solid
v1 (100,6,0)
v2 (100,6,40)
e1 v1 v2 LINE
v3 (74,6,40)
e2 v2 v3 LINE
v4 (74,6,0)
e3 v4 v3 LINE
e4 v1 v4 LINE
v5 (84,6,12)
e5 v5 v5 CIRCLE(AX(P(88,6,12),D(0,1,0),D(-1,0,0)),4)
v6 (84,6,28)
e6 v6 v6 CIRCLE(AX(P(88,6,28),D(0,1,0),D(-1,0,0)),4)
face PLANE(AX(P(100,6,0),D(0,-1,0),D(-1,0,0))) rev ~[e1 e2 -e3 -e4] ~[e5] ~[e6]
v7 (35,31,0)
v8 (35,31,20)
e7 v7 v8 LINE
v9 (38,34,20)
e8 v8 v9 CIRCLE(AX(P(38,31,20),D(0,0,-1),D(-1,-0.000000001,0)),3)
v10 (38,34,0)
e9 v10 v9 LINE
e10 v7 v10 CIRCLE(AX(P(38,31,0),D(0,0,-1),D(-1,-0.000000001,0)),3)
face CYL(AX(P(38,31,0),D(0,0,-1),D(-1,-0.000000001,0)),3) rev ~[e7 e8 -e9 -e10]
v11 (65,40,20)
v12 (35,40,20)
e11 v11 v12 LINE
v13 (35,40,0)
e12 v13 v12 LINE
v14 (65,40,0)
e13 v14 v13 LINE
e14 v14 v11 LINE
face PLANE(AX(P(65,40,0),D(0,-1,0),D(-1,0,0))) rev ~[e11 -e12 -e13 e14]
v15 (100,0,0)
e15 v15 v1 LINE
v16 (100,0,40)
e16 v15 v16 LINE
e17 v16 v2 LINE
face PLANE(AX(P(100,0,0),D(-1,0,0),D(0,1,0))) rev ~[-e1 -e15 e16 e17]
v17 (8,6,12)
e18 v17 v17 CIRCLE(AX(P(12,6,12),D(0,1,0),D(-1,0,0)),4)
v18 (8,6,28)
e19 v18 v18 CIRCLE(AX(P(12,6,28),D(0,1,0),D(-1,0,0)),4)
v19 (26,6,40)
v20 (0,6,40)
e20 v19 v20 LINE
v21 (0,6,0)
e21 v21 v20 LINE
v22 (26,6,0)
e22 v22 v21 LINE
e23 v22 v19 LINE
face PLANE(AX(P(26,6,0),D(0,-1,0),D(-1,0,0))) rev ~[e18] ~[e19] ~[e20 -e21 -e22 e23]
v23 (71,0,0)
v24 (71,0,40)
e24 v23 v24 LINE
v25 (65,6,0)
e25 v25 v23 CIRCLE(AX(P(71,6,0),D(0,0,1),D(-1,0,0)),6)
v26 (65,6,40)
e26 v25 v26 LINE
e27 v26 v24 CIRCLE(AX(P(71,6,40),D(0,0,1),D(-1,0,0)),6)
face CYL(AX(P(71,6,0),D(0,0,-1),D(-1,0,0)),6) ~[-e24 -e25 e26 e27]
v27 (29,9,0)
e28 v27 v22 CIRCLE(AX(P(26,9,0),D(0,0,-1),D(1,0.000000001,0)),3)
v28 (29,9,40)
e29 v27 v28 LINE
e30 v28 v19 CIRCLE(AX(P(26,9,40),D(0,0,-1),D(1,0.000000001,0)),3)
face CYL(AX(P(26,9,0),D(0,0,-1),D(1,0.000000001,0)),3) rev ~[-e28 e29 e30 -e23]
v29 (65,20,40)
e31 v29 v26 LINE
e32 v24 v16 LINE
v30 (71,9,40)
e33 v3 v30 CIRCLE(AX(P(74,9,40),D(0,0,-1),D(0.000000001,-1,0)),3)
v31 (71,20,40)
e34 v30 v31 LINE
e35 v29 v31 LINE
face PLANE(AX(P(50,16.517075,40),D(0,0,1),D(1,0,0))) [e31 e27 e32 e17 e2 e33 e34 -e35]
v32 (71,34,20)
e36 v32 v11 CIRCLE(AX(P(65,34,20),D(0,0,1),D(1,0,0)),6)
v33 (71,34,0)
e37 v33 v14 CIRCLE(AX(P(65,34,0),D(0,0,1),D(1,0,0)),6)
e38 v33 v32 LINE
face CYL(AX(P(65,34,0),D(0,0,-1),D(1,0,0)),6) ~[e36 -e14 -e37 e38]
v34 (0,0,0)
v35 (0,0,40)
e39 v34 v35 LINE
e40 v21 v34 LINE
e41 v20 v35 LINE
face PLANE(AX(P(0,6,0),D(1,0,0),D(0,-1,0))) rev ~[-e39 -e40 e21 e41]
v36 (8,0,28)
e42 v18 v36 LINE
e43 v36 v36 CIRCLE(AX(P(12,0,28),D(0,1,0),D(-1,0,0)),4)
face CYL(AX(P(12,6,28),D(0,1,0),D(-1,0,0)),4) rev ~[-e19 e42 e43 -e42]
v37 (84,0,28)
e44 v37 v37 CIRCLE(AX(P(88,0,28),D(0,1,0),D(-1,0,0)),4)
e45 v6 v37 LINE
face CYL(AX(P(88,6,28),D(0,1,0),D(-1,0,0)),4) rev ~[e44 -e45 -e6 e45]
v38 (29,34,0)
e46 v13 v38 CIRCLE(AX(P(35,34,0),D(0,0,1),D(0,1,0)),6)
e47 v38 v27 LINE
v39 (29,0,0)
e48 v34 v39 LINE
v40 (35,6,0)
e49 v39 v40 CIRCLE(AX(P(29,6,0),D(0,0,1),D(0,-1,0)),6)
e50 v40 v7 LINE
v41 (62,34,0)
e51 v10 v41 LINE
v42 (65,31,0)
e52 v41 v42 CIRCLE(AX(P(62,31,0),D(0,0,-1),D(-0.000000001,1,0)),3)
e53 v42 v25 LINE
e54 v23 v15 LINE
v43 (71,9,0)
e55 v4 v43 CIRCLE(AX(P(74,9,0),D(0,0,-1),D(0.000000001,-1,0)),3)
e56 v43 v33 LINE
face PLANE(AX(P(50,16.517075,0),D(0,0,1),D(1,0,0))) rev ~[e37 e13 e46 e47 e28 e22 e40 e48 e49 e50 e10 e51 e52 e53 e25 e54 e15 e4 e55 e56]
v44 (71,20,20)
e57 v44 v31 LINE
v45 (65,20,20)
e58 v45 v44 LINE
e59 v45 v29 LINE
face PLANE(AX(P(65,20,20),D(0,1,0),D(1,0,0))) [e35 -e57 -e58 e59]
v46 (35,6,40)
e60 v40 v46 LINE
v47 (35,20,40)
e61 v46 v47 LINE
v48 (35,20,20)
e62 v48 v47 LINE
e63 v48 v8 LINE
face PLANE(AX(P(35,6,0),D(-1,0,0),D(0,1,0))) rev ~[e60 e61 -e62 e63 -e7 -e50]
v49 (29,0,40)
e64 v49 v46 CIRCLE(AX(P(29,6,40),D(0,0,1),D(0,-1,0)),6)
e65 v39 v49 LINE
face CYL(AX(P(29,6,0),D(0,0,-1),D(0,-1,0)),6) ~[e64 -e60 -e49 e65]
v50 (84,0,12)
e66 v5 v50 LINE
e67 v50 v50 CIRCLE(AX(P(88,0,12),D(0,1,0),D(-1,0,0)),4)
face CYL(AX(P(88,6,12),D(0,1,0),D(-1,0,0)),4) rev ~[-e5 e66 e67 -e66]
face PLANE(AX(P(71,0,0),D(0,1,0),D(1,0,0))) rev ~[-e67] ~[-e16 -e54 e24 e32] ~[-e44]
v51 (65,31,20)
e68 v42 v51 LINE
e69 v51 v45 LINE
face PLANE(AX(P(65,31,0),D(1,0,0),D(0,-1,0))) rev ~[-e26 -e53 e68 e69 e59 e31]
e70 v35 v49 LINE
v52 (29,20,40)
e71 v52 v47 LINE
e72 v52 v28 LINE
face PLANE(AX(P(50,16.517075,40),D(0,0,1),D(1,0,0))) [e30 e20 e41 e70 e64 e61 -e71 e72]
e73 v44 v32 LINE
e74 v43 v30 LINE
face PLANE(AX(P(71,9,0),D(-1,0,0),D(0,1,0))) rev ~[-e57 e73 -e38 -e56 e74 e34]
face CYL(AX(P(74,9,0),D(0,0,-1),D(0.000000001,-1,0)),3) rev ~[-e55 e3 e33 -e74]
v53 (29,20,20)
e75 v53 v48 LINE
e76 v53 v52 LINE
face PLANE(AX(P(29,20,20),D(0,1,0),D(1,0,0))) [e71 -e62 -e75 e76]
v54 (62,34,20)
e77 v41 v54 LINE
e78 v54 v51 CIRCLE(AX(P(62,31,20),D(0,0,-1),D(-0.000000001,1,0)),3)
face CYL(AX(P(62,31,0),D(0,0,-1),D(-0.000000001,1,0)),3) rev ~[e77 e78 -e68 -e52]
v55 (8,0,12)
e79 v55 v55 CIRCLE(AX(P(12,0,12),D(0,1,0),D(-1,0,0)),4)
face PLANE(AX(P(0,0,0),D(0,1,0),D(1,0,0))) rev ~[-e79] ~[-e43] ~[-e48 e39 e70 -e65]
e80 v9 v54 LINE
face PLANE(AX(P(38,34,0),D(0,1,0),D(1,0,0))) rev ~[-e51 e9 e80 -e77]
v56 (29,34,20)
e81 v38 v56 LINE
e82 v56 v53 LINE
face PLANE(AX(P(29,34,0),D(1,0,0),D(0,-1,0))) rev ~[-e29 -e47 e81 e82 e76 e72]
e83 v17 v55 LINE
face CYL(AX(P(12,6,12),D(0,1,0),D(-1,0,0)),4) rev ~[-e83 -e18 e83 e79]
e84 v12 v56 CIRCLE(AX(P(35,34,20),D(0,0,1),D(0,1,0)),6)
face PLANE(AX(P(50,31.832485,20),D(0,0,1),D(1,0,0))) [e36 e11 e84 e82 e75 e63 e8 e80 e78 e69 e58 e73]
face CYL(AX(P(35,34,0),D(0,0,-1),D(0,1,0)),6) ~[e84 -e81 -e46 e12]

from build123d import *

# Parameters (mm, degrees)
BOSS_EXTRUDE1_DEPTH = 40
CUT_EXTRUDE1_START  = -20
CUT_EXTRUDE1_DEPTH  = 20
CUT_EXTRUDE2_REACH  = 114.942
SKETCH3_R           = 4


with BuildPart() as part:
    # Sketch1 → Boss-Extrude1 (new body)
    with BuildSketch(Plane.XY):
        with BuildLine():
            Line((0, 6), (0, 0))
            Line((0, 0), (29, 0))
            ThreePointArc((29, 0), (33.242640687, 1.757359313), (35, 6))
            Line((35, 6), (35, 31))
            ThreePointArc((35, 31), (35.878679656, 33.121320344), (38, 34))
            Line((38, 34), (62, 34))
            ThreePointArc((62, 34), (64.121320344, 33.121320344), (65, 31))
            Line((65, 31), (65, 6))
            ThreePointArc((65, 6), (66.757359313, 1.757359313), (71, 0))
            Line((71, 0), (100, 0))
            Line((100, 0), (100, 6))
            Line((100, 6), (74, 6))
            ThreePointArc((74, 6), (71.878679656, 6.878679656), (71, 9))
            Line((71, 9), (71, 34))
            ThreePointArc((71, 34), (69.242640687, 38.242640687), (65, 40))
            Line((65, 40), (35, 40))
            ThreePointArc((35, 40), (30.757359313, 38.242640687), (29, 34))
            Line((29, 34), (29, 9))
            ThreePointArc((29, 9), (28.121320344, 6.878679656), (26, 6))
            Line((26, 6), (0, 6))
        make_face()
    extrude(amount=BOSS_EXTRUDE1_DEPTH)

    # Sketch2 → Cut-Extrude1 (cut)
    with BuildSketch(Plane.XY.offset(40).offset(CUT_EXTRUDE1_START)):
        with BuildLine():
            Line((29, 20), (35, 20))
            Line((35, 20), (35, 31))
            ThreePointArc((35, 31), (35.878679656, 33.121320344), (38, 34))
            Line((38, 34), (62, 34))
            ThreePointArc((62, 34), (64.121320344, 33.121320344), (65, 31))
            Line((65, 31), (65, 20))
            Line((65, 20), (71, 20))
            Line((71, 20), (71, 34))
            ThreePointArc((71, 34), (69.242640687, 38.242640687), (65, 40))
            Line((65, 40), (35, 40))
            ThreePointArc((35, 40), (30.757359313, 38.242640687), (29, 34))
            Line((29, 34), (29, 20))
        make_face()
    extrude(amount=CUT_EXTRUDE1_DEPTH, mode=Mode.SUBTRACT)

    # Sketch3 → Cut-Extrude2 (cut, up to next)
    with BuildSketch(Plane(origin=(0, 6, 0), x_dir=(1, 0, 0), z_dir=(0, 1, 0)), mode=Mode.PRIVATE) as cut_extrude2_sk1:
        with Locations(Location((12, -12, 0), (0, 0, 180))):
            Circle(SKETCH3_R)
    cut_extrude2_tool1 = extrude(cut_extrude2_sk1.sketch, amount=-CUT_EXTRUDE2_REACH, mode=Mode.PRIVATE) & part.part
    # Sketch3 → Cut-Extrude2 (cut, up to next)
    with BuildSketch(Plane(origin=(0, 6, 0), x_dir=(1, 0, 0), z_dir=(0, 1, 0)), mode=Mode.PRIVATE) as cut_extrude2_sk2:
        with Locations(Location((12, -28, 0), (0, 0, 180))):
            Circle(SKETCH3_R)
    cut_extrude2_tool2 = extrude(cut_extrude2_sk2.sketch, amount=-CUT_EXTRUDE2_REACH, mode=Mode.PRIVATE) & part.part
    # Sketch3 → Cut-Extrude2 (cut, up to next)
    with BuildSketch(Plane(origin=(0, 6, 0), x_dir=(1, 0, 0), z_dir=(0, 1, 0)), mode=Mode.PRIVATE) as cut_extrude2_sk3:
        with Locations(Location((88, -12, 0), (0, 0, 180))):
            Circle(SKETCH3_R)
    cut_extrude2_tool3 = extrude(cut_extrude2_sk3.sketch, amount=-CUT_EXTRUDE2_REACH, mode=Mode.PRIVATE) & part.part
    # Sketch3 → Cut-Extrude2 (cut, up to next)
    with BuildSketch(Plane(origin=(0, 6, 0), x_dir=(1, 0, 0), z_dir=(0, 1, 0)), mode=Mode.PRIVATE) as cut_extrude2_sk4:
        with Locations(Location((88, -28, 0), (0, 0, 180))):
            Circle(SKETCH3_R)
    cut_extrude2_tool4 = extrude(cut_extrude2_sk4.sketch, amount=-CUT_EXTRUDE2_REACH, mode=Mode.PRIVATE) & part.part
    add(cut_extrude2_tool1.solids().sort_by_distance((12, 6, 12))[0], mode=Mode.SUBTRACT)
    add(cut_extrude2_tool2.solids().sort_by_distance((12, 6, 28))[0], mode=Mode.SUBTRACT)
    add(cut_extrude2_tool3.solids().sort_by_distance((88, 6, 12))[0], mode=Mode.SUBTRACT)
    add(cut_extrude2_tool4.solids().sort_by_distance((88, 6, 28))[0], mode=Mode.SUBTRACT)


solid = part.part
